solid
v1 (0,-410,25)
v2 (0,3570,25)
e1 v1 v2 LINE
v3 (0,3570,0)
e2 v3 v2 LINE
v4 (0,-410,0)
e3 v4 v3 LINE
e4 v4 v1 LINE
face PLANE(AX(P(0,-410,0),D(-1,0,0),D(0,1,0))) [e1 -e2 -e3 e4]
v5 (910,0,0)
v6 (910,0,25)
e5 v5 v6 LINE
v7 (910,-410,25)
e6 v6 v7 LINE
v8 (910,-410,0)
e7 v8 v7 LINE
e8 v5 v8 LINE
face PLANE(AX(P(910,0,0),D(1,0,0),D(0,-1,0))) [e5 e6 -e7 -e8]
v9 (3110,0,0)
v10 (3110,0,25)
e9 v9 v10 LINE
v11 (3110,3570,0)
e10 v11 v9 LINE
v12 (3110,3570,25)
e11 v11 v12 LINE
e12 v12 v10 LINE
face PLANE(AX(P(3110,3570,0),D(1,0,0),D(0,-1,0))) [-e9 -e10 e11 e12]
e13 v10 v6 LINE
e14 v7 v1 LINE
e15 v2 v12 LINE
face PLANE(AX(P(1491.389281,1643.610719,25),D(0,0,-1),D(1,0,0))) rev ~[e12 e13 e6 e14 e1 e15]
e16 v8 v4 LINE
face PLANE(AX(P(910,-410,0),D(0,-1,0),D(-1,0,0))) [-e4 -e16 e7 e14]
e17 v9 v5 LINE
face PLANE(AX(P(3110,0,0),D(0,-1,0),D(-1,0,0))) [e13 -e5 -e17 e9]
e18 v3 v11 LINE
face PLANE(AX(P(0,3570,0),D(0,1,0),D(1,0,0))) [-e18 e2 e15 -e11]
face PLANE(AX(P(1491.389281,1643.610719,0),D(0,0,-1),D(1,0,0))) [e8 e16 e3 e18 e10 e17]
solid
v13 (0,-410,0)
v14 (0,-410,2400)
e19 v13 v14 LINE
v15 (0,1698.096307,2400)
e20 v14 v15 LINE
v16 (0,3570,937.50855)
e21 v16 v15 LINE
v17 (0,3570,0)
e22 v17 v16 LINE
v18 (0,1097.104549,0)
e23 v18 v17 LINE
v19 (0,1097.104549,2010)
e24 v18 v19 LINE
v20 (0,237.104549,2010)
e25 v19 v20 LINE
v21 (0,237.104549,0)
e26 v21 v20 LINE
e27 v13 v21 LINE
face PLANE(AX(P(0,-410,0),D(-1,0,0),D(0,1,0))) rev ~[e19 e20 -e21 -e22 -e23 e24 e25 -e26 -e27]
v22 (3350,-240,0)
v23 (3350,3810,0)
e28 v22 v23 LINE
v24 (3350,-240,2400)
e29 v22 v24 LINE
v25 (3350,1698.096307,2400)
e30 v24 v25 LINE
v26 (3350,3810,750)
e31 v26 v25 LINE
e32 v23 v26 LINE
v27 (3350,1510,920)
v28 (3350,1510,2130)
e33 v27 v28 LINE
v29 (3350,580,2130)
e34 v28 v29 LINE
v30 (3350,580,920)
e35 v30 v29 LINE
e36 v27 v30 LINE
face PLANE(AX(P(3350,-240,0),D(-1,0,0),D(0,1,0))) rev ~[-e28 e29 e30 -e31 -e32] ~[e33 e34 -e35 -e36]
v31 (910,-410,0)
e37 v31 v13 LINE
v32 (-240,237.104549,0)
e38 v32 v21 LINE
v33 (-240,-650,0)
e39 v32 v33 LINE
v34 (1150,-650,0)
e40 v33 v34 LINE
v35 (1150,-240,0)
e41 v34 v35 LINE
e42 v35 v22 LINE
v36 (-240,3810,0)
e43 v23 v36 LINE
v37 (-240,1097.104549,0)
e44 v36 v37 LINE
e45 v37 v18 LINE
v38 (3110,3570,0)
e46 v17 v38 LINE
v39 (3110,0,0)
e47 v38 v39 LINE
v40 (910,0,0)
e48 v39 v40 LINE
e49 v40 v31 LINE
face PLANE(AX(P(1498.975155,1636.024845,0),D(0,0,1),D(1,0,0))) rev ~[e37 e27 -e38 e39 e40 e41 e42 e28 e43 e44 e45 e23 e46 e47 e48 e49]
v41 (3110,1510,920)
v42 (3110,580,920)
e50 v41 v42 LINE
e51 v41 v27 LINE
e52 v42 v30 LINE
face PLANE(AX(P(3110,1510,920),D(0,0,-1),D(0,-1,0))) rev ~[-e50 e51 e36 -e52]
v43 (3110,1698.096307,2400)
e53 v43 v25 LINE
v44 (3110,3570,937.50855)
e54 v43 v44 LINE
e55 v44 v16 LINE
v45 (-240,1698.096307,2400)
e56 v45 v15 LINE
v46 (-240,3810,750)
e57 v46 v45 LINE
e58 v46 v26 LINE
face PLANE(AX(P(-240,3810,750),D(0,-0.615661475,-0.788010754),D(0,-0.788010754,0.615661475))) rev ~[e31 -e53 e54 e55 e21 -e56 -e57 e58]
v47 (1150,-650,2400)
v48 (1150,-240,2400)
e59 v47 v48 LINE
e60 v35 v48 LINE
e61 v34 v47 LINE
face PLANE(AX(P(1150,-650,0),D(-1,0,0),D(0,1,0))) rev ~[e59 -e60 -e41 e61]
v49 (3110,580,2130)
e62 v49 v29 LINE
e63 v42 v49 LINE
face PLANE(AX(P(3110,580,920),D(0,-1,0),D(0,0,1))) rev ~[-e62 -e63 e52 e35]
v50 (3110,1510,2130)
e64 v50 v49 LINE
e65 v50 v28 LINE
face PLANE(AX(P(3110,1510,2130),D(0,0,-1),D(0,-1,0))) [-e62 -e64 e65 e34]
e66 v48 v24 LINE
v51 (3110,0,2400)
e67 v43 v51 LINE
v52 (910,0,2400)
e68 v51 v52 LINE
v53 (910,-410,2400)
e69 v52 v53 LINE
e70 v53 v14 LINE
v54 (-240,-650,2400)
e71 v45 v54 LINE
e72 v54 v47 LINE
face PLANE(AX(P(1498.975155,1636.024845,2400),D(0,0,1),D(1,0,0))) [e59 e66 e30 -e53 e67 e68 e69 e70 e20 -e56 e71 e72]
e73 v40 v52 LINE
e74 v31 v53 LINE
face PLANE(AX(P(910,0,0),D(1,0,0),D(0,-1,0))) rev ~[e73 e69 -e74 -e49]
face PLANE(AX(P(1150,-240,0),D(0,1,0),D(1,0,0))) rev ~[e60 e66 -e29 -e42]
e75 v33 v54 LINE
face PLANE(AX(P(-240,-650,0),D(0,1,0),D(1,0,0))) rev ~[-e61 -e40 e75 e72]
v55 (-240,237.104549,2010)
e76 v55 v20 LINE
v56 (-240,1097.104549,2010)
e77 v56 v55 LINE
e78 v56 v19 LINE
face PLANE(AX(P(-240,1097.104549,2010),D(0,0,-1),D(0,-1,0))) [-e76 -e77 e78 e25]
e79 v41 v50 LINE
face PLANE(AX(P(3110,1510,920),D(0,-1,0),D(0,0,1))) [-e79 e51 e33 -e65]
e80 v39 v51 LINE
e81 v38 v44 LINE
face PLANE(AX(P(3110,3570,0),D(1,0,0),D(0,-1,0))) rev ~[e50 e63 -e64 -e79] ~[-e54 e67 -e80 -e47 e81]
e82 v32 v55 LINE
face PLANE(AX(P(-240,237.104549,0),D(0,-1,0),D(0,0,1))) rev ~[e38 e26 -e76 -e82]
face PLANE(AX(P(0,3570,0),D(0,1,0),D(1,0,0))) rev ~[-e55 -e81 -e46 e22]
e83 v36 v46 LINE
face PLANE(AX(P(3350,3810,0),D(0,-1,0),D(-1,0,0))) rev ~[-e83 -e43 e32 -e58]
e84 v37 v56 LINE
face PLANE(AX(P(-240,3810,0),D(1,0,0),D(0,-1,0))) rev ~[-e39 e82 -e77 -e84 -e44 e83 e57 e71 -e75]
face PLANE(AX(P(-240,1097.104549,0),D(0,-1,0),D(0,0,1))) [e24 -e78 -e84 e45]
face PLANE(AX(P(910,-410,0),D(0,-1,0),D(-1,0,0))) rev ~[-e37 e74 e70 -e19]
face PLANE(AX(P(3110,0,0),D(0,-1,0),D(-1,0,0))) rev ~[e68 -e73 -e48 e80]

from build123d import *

# Parameters (mm, degrees)
F1_DEPTH = 2400
F2_W     = 860
F2_H     = 2010
F3_DEPTH = 240
F5_DEPTH = 3590.001
F6_W     = 930
F6_H     = 1210
F7_DEPTH = 240
F9_DEPTH = 25


with BuildPart() as f1:
    # F0 (on Top) → F1 (new body)
    with BuildSketch(Plane.XY):
        Polygon((-240, 3810), (-240, -650), (1150, -650), (1150, -240), (3350, -240), (3350, 3810), align=None)
        Polygon((3110, 0), (910, 0), (910, -410), (0, -410), (0, 0), (0, 3570), (3110, 3570), align=None, mode=Mode.SUBTRACT)
    extrude(amount=F1_DEPTH)

    # F2 (on face) → F3 (cut, through all)
    with BuildSketch(Plane(origin=(-240, 0, 0), x_dir=(0, -1, 0), z_dir=(-1, 0, 0))):
        with Locations((-667.104549, 1005)):
            Rectangle(F2_W, F2_H)
    extrude(amount=-F3_DEPTH, mode=Mode.SUBTRACT)

    # F4 (on face) → F5 (cut, through all)
    with BuildSketch(Plane(origin=(-240, 0, 0), x_dir=(0, -1, 0), z_dir=(-1, 0, 0))):
        Polygon((-3810, 2400), (-3810, 750), (-1698.096307, 2400), align=None)
    extrude(amount=-F5_DEPTH, mode=Mode.SUBTRACT)

    # F6 (on face) → F7 (cut, through all)
    with BuildSketch(Plane(origin=(3110, 0, 0), x_dir=(0, -1, 0), z_dir=(-1, 0, 0))):
        with Locations((-1045, 1525)):
            Rectangle(F6_W, F6_H)
    extrude(amount=-F7_DEPTH, mode=Mode.SUBTRACT)


with BuildPart() as f9:
    # F8 (on face) → F9 (new body)
    with BuildSketch(Plane(origin=(0, 0, 0), x_dir=(1, 0, 0), z_dir=(0, 0, -1))):
        Polygon((0, -237.104549), (0, -1097.104549), (0, -3570), (3110, -3570), (3110, 0), (910, 0), (910, 410), (0, 410), align=None)
    extrude(amount=-F9_DEPTH)


solid = Compound([f1.part, f9.part])
